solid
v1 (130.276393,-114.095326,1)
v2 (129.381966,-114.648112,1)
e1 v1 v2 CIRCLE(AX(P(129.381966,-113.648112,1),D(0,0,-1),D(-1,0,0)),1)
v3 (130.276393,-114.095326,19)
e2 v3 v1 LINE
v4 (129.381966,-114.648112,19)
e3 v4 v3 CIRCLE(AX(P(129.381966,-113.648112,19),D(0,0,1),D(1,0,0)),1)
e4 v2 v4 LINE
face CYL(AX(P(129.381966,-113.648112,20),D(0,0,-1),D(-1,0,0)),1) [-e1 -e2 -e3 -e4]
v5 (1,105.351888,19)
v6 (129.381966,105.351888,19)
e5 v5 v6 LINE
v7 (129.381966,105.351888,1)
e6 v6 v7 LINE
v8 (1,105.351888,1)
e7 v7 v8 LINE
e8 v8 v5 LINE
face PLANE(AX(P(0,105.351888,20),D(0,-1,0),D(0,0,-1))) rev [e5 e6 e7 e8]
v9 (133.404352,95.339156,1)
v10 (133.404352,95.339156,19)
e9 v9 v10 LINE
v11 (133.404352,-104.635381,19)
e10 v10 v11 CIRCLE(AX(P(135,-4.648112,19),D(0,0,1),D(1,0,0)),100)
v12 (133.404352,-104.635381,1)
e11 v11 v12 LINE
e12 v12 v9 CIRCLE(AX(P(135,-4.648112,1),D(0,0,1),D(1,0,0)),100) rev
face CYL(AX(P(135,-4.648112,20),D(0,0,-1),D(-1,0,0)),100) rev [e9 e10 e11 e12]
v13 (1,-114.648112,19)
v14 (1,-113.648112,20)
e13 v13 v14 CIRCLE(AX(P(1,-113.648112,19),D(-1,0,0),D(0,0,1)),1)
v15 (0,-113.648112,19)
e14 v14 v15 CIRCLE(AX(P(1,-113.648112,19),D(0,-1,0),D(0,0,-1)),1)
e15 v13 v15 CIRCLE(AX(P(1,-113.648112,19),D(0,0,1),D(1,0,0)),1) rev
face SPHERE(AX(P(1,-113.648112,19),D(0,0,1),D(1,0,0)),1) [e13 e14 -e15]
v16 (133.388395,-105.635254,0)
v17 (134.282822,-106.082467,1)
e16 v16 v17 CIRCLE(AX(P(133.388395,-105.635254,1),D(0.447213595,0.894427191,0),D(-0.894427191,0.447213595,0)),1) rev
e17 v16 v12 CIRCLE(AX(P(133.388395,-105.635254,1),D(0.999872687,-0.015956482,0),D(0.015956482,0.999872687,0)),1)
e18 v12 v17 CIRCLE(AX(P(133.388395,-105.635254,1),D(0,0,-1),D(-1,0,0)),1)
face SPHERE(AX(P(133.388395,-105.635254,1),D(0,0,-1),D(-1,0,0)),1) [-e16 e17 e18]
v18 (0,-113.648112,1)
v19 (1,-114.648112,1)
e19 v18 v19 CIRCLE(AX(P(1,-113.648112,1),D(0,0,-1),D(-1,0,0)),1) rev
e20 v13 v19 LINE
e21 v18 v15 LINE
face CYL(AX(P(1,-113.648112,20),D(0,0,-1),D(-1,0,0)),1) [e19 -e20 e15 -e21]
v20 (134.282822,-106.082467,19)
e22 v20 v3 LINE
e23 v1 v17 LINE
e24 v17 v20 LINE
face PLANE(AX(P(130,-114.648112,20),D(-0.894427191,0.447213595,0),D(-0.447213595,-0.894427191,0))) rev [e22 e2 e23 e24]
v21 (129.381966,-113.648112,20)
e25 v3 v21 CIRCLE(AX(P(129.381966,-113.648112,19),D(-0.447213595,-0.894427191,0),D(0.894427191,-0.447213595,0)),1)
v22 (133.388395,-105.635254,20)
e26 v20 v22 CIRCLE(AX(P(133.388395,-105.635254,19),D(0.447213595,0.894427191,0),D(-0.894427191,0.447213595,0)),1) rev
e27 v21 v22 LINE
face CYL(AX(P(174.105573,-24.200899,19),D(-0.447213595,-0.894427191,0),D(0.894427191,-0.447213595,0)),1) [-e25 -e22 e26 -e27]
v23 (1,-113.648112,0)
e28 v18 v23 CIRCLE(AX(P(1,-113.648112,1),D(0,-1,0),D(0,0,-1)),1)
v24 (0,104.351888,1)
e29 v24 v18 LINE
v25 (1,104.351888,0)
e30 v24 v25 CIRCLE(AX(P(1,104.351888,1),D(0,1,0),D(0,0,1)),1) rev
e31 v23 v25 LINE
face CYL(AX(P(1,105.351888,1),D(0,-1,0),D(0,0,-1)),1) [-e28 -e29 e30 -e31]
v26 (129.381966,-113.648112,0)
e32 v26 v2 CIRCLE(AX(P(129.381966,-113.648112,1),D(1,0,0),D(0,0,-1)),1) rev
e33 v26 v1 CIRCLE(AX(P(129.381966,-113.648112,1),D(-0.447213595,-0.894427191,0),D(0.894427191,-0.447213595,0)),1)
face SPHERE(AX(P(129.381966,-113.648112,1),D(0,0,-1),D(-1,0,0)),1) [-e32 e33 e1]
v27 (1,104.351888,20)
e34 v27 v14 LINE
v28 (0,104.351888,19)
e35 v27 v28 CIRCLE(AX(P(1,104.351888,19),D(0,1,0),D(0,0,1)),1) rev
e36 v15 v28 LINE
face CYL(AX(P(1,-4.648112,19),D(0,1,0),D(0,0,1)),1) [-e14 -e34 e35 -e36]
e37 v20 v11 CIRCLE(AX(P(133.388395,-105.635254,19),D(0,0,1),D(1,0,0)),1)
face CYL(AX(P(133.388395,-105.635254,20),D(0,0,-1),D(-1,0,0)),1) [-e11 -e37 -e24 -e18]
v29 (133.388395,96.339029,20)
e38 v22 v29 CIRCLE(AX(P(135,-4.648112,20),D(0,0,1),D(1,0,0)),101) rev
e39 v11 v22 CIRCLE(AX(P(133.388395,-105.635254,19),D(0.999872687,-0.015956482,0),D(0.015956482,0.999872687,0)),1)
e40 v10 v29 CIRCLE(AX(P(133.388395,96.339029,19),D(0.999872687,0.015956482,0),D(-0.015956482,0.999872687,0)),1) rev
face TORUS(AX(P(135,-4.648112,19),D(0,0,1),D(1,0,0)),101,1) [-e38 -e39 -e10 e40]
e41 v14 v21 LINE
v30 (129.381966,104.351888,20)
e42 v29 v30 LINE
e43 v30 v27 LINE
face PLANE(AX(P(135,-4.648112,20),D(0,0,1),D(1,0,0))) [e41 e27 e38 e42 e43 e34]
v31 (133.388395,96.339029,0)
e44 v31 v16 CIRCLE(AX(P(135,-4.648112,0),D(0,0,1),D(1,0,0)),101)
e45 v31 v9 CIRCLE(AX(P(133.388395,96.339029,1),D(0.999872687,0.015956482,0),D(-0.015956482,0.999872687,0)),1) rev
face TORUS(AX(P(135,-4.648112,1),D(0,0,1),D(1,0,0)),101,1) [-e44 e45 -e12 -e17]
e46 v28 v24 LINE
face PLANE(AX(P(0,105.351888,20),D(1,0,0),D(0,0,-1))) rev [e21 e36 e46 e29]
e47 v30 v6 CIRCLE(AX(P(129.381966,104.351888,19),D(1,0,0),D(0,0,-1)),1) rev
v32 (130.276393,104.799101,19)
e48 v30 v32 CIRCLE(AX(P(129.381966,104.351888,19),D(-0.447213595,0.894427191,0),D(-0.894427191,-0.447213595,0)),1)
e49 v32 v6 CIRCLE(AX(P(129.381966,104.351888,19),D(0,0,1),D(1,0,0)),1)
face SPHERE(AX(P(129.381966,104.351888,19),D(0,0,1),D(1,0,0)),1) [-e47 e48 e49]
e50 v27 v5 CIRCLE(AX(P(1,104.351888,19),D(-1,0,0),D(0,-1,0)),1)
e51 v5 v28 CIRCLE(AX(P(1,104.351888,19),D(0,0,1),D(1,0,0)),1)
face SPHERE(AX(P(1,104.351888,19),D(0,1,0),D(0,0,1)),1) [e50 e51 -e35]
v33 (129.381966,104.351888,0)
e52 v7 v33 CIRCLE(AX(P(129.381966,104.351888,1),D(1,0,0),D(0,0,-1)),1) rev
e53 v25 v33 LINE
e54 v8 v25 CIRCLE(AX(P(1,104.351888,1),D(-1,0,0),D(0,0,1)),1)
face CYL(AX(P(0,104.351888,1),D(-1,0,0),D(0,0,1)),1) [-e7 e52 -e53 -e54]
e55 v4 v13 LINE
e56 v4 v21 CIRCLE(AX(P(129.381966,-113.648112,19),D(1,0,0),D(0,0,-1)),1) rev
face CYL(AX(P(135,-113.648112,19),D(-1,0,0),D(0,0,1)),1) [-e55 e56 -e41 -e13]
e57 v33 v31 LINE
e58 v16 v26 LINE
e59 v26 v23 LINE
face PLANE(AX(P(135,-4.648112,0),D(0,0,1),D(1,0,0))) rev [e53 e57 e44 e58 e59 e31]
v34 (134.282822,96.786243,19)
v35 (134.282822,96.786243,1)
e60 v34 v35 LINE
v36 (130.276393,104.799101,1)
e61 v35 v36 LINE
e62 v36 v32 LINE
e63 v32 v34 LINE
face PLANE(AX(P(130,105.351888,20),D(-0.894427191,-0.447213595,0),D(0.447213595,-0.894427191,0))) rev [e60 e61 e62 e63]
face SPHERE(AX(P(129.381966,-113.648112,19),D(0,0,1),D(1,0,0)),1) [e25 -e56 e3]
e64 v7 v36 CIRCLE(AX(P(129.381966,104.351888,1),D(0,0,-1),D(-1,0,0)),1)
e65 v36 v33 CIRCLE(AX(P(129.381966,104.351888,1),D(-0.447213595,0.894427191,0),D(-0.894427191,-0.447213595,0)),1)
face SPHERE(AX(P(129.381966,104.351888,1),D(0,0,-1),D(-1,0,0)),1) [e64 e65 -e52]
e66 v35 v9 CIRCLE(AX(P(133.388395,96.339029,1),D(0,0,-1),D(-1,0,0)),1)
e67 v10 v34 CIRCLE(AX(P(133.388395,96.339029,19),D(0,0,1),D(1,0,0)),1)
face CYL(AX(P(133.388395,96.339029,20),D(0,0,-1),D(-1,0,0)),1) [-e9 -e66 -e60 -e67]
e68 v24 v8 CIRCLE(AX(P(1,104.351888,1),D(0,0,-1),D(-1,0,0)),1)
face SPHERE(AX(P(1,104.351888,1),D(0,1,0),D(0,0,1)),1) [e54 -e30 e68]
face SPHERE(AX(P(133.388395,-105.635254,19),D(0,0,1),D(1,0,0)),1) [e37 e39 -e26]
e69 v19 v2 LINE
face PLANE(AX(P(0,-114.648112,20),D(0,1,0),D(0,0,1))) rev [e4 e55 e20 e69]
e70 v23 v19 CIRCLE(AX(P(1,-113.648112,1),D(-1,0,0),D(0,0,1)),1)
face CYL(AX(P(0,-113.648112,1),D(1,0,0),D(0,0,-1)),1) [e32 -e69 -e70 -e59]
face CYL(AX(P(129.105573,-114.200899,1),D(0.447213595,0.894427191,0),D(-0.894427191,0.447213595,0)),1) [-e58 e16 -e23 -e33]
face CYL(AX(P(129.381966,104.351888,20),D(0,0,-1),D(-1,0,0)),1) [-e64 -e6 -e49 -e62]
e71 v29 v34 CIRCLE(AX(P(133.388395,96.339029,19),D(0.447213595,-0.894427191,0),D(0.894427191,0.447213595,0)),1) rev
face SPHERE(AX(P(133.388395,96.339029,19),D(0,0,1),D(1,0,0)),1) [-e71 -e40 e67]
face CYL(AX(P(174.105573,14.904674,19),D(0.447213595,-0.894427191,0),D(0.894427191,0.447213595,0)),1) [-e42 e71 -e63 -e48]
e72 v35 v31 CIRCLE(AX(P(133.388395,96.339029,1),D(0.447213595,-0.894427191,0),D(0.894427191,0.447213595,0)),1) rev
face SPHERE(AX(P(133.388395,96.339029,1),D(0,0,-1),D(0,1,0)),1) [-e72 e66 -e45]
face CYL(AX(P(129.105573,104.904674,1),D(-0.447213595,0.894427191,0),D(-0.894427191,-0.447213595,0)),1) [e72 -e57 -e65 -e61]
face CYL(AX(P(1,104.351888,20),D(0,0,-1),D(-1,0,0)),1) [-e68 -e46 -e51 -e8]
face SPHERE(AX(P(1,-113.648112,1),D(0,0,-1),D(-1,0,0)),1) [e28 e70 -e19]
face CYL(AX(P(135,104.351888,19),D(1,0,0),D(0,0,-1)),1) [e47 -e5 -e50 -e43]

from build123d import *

# Parameters (mm, degrees)
BOSS_EXTRUDE1_DEPTH = 20
FILLET1_R           = 1


with BuildPart() as part:
    # Sketch2 → Boss-Extrude1 (new body)
    with BuildSketch(Plane.XY):
        with BuildLine():
            Line((0, 105.351887556), (0, -114.648112444))
            Line((0, -114.648112444), (130, -114.648112444))
            Line((130, -114.648112444), (135, -104.648112444))
            ThreePointArc((135, -104.648112444), (35, -4.648112444), (135, 95.351887556))
            Line((135, 95.351887556), (130, 105.351887556))
            Line((130, 105.351887556), (0, 105.351887556))
        make_face()
    extrude(amount=BOSS_EXTRUDE1_DEPTH)

    # Fillet1
    fillet1_edges = [part.edges().sort_by_distance(p)[0] for p in [
        (130, 105.351887556, 10),
        (135, 95.351887556, 10),
        (135, -104.648112444, 10),
        (130, -114.648112444, 10),
        (0, -114.648112444, 10),
        (0, 105.351887556, 10),
        (65, -114.648112444, 20),
        (132.5, -109.648112444, 20),
        (35, -4.648112444, 20),
        (132.5, 100.351887556, 20),
        (65, 105.351887556, 20),
        (132.5, 100.351887556, 0),
        (35, -4.648112444, 0),
        (132.5, -109.648112444, 0),
        (65, -114.648112444, 0),
        (0, -4.648112444, 0),
        (65, 105.351887556, 0),
        (0, -4.648112444, 20),
    ]]
    fillet(fillet1_edges, radius=FILLET1_R)


solid = part.part
